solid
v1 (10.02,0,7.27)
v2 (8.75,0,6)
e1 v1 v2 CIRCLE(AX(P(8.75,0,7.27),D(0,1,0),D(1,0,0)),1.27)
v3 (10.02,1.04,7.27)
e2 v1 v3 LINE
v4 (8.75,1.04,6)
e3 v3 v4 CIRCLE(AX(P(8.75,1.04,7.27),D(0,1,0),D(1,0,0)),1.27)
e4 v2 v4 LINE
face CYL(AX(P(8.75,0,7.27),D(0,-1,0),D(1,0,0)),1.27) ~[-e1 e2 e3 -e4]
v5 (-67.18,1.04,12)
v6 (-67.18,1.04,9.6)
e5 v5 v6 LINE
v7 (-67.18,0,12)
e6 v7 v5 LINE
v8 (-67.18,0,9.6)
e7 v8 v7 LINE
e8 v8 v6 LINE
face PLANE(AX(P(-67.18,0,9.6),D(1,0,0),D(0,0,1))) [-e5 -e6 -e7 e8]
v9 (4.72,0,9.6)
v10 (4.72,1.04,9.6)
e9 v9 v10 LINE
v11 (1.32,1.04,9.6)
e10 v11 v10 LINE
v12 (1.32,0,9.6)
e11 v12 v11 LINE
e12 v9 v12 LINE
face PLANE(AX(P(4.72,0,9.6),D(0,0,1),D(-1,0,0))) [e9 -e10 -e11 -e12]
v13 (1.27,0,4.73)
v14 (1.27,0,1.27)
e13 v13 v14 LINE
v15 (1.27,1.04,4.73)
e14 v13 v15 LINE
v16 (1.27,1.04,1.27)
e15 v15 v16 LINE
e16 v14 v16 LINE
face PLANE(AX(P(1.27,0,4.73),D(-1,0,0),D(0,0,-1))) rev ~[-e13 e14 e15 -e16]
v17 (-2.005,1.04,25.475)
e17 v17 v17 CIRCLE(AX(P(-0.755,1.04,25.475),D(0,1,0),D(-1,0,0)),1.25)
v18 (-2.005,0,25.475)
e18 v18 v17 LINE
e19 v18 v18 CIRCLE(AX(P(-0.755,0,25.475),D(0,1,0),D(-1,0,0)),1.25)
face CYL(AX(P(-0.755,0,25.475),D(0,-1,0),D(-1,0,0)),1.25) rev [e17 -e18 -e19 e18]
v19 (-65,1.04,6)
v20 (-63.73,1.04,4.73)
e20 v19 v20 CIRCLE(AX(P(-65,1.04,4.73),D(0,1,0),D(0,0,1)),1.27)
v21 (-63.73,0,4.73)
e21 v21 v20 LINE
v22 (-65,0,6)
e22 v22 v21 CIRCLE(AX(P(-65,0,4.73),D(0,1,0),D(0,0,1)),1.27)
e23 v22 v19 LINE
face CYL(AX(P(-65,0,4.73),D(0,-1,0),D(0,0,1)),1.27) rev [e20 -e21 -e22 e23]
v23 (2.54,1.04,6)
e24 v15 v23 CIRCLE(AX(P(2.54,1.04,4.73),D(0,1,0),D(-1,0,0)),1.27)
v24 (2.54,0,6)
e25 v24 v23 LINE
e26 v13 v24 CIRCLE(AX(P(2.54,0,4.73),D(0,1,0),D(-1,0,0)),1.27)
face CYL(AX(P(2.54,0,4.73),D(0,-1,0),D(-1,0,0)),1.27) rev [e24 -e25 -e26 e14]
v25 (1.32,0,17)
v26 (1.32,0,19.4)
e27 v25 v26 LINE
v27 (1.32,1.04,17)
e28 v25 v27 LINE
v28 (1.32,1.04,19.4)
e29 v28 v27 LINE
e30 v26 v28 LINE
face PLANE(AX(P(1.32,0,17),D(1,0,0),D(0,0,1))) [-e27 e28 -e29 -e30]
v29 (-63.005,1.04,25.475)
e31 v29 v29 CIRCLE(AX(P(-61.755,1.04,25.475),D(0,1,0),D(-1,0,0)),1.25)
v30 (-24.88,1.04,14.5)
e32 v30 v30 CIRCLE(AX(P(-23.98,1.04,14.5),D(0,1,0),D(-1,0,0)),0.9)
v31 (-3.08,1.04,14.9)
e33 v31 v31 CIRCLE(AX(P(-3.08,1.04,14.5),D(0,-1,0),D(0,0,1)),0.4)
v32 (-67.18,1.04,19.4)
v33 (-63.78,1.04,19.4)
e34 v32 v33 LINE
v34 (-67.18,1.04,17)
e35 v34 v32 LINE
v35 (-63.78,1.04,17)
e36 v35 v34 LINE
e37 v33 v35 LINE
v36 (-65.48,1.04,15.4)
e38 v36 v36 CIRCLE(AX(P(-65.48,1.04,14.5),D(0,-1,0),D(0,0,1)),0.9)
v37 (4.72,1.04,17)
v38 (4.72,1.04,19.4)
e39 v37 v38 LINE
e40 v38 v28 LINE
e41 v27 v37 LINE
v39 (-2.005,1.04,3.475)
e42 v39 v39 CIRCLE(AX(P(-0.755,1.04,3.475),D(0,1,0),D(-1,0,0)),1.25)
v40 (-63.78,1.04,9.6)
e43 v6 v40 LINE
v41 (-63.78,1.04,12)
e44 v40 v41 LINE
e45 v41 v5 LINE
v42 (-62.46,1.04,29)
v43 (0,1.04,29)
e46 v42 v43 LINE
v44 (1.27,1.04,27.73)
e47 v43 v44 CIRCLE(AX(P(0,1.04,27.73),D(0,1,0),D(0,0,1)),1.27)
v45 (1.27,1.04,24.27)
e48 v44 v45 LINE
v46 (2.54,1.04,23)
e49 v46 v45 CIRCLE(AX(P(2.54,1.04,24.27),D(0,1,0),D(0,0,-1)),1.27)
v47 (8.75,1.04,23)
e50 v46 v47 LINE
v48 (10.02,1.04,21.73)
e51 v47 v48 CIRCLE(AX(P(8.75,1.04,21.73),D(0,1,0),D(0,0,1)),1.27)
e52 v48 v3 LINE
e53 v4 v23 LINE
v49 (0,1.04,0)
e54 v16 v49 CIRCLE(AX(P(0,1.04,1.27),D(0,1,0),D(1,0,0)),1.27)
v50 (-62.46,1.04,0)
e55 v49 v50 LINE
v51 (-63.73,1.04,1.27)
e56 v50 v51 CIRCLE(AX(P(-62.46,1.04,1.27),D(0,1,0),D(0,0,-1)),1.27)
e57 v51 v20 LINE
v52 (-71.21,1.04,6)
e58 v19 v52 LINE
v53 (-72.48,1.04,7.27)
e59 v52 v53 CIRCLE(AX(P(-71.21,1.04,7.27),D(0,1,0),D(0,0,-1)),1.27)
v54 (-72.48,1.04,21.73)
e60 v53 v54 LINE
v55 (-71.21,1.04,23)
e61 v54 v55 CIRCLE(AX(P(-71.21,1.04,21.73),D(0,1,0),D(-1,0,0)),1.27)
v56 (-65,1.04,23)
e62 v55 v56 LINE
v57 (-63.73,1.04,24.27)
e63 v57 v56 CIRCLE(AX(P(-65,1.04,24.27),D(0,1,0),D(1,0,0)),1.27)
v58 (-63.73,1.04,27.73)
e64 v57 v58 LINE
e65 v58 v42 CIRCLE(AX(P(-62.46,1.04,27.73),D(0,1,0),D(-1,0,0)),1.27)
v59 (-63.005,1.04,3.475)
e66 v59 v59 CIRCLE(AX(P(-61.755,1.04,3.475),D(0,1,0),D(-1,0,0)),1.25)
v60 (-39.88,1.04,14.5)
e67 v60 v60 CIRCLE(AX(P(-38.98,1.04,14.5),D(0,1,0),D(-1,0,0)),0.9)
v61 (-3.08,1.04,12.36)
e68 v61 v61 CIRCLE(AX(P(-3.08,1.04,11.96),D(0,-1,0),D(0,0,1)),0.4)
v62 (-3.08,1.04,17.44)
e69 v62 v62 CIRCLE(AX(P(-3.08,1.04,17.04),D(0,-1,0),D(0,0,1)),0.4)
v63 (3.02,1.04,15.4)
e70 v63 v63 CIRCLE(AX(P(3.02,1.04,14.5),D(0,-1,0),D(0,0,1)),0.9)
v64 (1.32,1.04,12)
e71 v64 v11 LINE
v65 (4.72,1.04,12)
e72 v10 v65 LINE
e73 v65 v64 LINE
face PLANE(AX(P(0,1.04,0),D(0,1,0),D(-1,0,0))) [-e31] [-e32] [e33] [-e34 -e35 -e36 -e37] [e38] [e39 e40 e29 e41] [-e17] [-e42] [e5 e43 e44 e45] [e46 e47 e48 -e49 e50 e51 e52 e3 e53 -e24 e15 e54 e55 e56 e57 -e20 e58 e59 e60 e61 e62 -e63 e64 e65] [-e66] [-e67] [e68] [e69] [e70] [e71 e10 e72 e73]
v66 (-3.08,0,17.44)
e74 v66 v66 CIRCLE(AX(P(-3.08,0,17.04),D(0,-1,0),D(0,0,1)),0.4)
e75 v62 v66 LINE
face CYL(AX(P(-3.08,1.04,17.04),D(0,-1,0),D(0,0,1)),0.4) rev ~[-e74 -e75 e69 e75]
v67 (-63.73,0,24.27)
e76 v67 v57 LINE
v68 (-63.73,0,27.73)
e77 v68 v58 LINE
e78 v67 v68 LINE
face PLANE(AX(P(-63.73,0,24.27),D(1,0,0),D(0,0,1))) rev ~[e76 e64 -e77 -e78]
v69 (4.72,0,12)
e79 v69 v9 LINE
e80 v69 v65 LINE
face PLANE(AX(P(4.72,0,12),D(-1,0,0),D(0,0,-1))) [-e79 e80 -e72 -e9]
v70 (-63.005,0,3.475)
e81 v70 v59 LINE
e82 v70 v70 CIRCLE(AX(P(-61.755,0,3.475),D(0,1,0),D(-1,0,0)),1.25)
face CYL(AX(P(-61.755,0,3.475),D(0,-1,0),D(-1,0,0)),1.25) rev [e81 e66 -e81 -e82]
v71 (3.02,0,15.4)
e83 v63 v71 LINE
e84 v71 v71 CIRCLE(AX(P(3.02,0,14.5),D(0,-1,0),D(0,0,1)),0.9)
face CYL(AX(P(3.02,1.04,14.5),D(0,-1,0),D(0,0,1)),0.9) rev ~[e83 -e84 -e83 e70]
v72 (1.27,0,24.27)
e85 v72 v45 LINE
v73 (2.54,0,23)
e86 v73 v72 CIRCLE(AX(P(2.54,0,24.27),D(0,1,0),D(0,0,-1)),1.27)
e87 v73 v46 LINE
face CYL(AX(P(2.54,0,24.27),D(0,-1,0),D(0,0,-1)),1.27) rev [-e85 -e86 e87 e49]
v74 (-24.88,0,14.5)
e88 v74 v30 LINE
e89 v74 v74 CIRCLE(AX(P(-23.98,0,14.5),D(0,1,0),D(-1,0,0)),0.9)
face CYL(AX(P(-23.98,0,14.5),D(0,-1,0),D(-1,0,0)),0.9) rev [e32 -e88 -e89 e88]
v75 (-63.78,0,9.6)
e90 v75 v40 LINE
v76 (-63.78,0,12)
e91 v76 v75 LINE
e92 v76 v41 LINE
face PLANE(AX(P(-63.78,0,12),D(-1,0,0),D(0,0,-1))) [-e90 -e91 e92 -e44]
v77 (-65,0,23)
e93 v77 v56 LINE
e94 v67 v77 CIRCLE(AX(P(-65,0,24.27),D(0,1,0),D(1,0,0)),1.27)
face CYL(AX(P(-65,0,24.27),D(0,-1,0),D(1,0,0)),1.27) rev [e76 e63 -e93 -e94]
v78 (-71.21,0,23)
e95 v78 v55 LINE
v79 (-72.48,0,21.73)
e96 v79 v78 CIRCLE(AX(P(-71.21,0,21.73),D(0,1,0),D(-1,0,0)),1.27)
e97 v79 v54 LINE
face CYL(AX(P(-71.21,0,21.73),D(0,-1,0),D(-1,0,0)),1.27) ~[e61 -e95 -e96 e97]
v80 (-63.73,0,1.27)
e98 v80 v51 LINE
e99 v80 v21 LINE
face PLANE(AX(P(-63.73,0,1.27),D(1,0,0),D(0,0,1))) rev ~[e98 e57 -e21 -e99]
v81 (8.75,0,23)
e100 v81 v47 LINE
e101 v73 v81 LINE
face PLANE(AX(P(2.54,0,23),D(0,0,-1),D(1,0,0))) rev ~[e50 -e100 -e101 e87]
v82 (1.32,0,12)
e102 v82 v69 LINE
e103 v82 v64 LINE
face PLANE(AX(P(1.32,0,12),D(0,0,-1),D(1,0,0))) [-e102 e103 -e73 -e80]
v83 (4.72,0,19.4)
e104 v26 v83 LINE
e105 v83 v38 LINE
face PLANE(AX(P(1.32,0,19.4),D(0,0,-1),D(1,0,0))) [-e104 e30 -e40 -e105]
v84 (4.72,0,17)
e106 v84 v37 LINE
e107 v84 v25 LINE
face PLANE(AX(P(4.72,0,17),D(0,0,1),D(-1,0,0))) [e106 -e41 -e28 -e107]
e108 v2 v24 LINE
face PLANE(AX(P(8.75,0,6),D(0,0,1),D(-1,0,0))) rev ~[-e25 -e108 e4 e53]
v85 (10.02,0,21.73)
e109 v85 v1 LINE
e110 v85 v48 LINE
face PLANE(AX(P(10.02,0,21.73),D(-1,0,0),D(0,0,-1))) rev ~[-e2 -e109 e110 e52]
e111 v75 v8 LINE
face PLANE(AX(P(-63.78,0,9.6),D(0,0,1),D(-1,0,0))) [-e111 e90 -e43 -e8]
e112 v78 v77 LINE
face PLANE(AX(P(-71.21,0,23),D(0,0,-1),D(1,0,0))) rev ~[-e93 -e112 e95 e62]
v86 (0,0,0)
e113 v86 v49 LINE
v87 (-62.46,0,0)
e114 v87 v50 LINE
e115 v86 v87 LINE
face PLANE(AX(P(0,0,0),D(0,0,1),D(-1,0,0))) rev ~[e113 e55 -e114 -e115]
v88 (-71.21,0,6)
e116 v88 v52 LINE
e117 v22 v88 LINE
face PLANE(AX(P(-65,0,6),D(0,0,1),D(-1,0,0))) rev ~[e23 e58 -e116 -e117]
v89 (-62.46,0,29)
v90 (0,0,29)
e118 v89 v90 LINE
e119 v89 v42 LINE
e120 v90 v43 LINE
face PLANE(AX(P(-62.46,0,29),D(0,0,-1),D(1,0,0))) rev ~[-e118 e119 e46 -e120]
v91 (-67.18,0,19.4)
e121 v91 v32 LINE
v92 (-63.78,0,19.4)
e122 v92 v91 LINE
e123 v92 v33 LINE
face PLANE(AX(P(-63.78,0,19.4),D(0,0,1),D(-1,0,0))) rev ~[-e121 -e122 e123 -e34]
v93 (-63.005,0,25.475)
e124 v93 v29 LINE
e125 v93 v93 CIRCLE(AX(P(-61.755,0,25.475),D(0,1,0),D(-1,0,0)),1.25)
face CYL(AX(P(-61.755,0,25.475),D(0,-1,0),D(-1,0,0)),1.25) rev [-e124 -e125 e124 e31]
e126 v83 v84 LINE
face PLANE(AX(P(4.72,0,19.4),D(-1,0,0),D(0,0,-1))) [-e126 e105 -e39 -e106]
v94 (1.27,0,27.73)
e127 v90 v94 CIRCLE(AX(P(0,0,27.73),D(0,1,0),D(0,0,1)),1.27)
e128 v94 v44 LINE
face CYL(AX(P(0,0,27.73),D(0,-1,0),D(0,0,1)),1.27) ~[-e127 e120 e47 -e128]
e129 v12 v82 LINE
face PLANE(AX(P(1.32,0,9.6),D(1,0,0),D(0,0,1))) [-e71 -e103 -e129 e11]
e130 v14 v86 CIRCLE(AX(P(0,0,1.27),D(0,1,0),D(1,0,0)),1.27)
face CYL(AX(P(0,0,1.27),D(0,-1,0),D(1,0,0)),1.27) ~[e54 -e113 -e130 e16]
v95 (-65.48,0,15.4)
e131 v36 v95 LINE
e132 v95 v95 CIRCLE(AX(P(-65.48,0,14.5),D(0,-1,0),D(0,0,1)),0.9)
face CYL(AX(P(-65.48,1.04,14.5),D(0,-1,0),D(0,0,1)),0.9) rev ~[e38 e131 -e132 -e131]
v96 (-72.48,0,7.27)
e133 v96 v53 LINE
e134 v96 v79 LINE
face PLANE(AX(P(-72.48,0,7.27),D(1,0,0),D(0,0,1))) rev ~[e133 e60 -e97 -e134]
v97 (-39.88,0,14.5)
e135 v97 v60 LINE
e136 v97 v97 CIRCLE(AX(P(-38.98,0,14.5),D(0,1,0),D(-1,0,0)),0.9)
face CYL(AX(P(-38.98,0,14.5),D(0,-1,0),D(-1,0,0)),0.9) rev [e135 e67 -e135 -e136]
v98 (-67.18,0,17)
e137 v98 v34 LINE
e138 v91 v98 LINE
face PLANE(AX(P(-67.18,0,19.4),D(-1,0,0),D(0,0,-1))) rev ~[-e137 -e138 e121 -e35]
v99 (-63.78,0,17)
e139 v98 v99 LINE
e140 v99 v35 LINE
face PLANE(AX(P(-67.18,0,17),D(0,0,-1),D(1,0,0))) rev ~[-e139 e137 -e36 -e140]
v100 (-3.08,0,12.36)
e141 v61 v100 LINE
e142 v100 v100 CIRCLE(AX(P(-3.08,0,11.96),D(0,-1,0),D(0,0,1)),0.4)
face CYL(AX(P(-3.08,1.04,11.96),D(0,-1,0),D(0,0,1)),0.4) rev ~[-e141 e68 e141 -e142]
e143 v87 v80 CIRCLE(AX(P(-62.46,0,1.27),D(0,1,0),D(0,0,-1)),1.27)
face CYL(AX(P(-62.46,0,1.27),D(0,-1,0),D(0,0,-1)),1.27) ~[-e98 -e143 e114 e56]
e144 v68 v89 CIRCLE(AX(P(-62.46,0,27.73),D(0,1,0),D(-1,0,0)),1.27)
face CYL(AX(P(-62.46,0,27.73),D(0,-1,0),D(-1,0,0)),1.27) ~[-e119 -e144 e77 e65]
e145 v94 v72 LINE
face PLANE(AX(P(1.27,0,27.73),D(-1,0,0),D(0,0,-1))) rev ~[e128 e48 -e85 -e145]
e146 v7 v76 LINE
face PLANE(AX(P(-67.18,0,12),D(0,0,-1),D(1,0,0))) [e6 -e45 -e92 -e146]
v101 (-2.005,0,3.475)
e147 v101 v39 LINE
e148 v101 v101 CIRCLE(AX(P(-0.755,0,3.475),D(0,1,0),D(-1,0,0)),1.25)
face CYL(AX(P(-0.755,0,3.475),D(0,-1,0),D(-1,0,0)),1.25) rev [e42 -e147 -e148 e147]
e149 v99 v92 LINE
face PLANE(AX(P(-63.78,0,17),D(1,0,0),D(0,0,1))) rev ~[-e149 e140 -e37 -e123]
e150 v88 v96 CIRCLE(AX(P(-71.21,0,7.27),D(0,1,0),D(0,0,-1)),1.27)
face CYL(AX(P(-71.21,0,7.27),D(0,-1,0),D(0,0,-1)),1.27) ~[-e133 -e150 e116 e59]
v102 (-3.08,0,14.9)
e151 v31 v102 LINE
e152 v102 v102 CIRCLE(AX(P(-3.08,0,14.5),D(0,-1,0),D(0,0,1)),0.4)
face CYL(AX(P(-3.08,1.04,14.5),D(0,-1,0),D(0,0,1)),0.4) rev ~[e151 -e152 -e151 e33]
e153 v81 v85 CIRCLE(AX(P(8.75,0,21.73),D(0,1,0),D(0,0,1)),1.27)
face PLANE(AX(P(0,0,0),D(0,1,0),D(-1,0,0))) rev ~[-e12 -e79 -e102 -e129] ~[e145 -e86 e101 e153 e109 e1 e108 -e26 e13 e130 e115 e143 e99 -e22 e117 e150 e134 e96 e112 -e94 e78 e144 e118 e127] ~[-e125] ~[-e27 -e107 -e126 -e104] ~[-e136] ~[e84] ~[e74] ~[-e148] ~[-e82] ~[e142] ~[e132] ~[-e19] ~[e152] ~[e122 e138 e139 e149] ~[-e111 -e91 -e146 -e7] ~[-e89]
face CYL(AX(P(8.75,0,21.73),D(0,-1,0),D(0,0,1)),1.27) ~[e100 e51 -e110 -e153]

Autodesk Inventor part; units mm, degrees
ref_plane "YZ Plane" through (0, 0, 0) normal (1, 0, 0) x (0, 1, 0)
ref_plane "XZ Plane" through (0, 0, 0) normal (0, 1, 0) x (-1, 0, 0)
ref_plane "XY Plane" through (0, 0, 0) normal (0, 0, 1) x (1, 0, 0)
sketch "Boceto1" plane through (0, 0, 0) normal (0, 1, 0) x (-1, 0, 0)
  arc A0 (-10.02, 7.27) -> (-8.75, 6) centre (-8.75, 7.27) ccw
  line L0 (-8.75, 6) -> (-2.54, 6)
  arc A1 (-1.27, 4.73) -> (-2.54, 6) centre (-2.54, 4.73) ccw
  line L1 (-1.27, 4.73) -> (-1.27, 1.27)
  arc A2 (-1.27, 1.27) -> (0, 0) centre (0, 1.27) ccw
  line L2 (0, 0) -> (62.46, 0)
  arc A3 (62.46, 0) -> (63.73, 1.27) centre (62.46, 1.27) ccw
  line L3 (63.73, 1.27) -> (63.73, 4.73)
  arc A4 (65, 6) -> (63.73, 4.73) centre (65, 4.73) ccw
  line L4 (65, 6) -> (71.21, 6)
  arc A5 (71.21, 6) -> (72.48, 7.27) centre (71.21, 7.27) ccw
  line L5 (72.48, 7.27) -> (72.48, 21.73)
  arc A6 (72.48, 21.73) -> (71.21, 23) centre (71.21, 21.73) ccw
  line L6 (71.21, 23) -> (65, 23)
  arc A7 (63.73, 24.27) -> (65, 23) centre (65, 24.27) ccw
  line L7 (63.73, 24.27) -> (63.73, 27.73)
  arc A8 (63.73, 27.73) -> (62.46, 29) centre (62.46, 27.73) ccw
  line L8 (62.46, 29) -> (0, 29)
  arc A9 (0, 29) -> (-1.27, 27.73) centre (0, 27.73) ccw
  line L9 (-1.27, 27.73) -> (-1.27, 24.27)
  arc A10 (-2.54, 23) -> (-1.27, 24.27) centre (-2.54, 24.27) ccw
  line L10 (-2.54, 23) -> (-8.75, 23)
  arc A11 (-8.75, 23) -> (-10.02, 21.73) centre (-8.75, 21.73) ccw
  line L11 (-10.02, 21.73) -> (-10.02, 7.27)
  circle A12 centre (61.755, 25.475) radius 1.25
  circle A13 centre (0.755, 3.475) radius 1.25
  circle A14 centre (0.755, 25.475) radius 1.25
  circle A15 centre (61.755, 3.475) radius 1.25
  circle A16 centre (38.98, 14.5) radius 0.9
  circle A17 centre (23.98, 14.5) radius 0.9
  point P0 (0, 0)
extrude "Extrusión1" add sketch "Boceto1" along normal blind 1.04
sketch "Boceto2" plane through (0, 1.04, 0) normal (0, 1, 0) x (1, 0, 0)
  circle A0 centre (-65.48, -14.5) radius 0.9
  circle A1 centre (3.02, -14.5) radius 0.9
  line L0 (-71.21, -23) -> (-65, -23) projected
  line L1 (-72.48, -7.27) -> (-72.48, -21.73) projected
  line L2 (2.54, -23) -> (8.75, -23) projected
  line L3 (10.02, -21.73) -> (10.02, -7.27) projected
  point P0 (0, 0)
  dimension "d2" = 1.8
  dimension "d3" = 1.8
  dimension "d4" = 8.5
  dimension "d5" = 7
  dimension "d6" = 8.5
  dimension "d7" = 7
hole "Agujero1" at (-65.48, 1.04, 14.5) at (3.02, 1.04, 14.5) direction (0, -1, 0) diameter 1.8 end through all
sketch "Boceto3" plane through (0, 1.04, 0) normal (0, 1, 0) x (1, 0, 0)
  circle A0 centre (-3.08, -11.96) radius 0.4
  line L0 (0, 0) -> (-62.46, 0) projected
  line L1 (10.02, -21.73) -> (10.02, -7.27) projected
  circle A1 centre (-3.08, -14.5) radius 0.4
  circle A2 centre (-3.08, -17.04) radius 0.4
  line L2 (-62.46, -29) -> (0, -29) projected
  line L3 (1.27, -27.73) -> (1.27, -24.27) projected
  dimension "d23" = 0.8
  dimension "d24" = 11.96
  dimension "d25" = 13.1
  dimension "d26" = 0.8
  dimension "d27" = 0.8
  dimension "d28" = 13.1
  dimension "d29" = 13.1
  dimension "d30" = 11.96
  dimension "d31" = 2.54
  dimension "d32" = 2.54
  dimension "d40" = 4.35
hole "Agujero2" at (-3.08, 1.04, 11.96) at (-3.08, 1.04, 14.5) at (-3.08, 1.04, 17.04) direction (0, -1, 0) diameter 0.8 end through all
sketch "Boceto4" plane through (0, 0, 0) normal (0, -1, 0) x (1, 0, 0)
  line L0 (4.72, 9.6) -> (1.32, 9.6)
  line L1 (1.32, 9.6) -> (1.32, 12)
  line L2 (1.32, 12) -> (4.72, 12)
  line L3 (4.72, 12) -> (4.72, 9.6)
  line L4 (4.72, 17) -> (1.32, 17)
  line L5 (1.32, 17) -> (1.32, 19.4)
  line L6 (1.32, 19.4) -> (4.72, 19.4)
  line L7 (4.72, 19.4) -> (4.72, 17)
  line L8 (10.02, 21.73) -> (10.02, 7.27) projected
  line L9 (2.54, 23) -> (8.75, 23) projected
  line L10 (8.75, 6) -> (2.54, 6) projected
  line L11 (-63.78, 19.4) -> (-67.18, 19.4)
  line L12 (-67.18, 19.4) -> (-67.18, 17)
  line L13 (-67.18, 17) -> (-63.78, 17)
  line L14 (-63.78, 17) -> (-63.78, 19.4)
  line L15 (-71.21, 23) -> (-65, 23) projected
  line L16 (-72.48, 7.27) -> (-72.48, 21.73) projected
  line L17 (-63.78, 9.6) -> (-67.18, 9.6)
  line L18 (-67.18, 9.6) -> (-67.18, 12)
  line L19 (-67.18, 12) -> (-63.78, 12)
  line L20 (-63.78, 12) -> (-63.78, 9.6)
  line L21 (-65, 6) -> (-71.21, 6) projected
  point P0 (0, 0)
  dimension "d41" = 3.4
  dimension "d42" = 2.4
  dimension "d43" = 3.4
  dimension "d44" = 2.4
  dimension "d45" = 5.3
  dimension "d46" = 3.6
  dimension "d47" = 3.6
  dimension "d48" = 3.4
  dimension "d49" = 2.4
  dimension "d50" = 3.6
  dimension "d51" = 5.3
  dimension "d52" = 3.6
  dimension "d53" = 5.3
extrude "Extrusión2" cut sketch "Boceto4" against normal through all
properties part number "Interstage B1"
